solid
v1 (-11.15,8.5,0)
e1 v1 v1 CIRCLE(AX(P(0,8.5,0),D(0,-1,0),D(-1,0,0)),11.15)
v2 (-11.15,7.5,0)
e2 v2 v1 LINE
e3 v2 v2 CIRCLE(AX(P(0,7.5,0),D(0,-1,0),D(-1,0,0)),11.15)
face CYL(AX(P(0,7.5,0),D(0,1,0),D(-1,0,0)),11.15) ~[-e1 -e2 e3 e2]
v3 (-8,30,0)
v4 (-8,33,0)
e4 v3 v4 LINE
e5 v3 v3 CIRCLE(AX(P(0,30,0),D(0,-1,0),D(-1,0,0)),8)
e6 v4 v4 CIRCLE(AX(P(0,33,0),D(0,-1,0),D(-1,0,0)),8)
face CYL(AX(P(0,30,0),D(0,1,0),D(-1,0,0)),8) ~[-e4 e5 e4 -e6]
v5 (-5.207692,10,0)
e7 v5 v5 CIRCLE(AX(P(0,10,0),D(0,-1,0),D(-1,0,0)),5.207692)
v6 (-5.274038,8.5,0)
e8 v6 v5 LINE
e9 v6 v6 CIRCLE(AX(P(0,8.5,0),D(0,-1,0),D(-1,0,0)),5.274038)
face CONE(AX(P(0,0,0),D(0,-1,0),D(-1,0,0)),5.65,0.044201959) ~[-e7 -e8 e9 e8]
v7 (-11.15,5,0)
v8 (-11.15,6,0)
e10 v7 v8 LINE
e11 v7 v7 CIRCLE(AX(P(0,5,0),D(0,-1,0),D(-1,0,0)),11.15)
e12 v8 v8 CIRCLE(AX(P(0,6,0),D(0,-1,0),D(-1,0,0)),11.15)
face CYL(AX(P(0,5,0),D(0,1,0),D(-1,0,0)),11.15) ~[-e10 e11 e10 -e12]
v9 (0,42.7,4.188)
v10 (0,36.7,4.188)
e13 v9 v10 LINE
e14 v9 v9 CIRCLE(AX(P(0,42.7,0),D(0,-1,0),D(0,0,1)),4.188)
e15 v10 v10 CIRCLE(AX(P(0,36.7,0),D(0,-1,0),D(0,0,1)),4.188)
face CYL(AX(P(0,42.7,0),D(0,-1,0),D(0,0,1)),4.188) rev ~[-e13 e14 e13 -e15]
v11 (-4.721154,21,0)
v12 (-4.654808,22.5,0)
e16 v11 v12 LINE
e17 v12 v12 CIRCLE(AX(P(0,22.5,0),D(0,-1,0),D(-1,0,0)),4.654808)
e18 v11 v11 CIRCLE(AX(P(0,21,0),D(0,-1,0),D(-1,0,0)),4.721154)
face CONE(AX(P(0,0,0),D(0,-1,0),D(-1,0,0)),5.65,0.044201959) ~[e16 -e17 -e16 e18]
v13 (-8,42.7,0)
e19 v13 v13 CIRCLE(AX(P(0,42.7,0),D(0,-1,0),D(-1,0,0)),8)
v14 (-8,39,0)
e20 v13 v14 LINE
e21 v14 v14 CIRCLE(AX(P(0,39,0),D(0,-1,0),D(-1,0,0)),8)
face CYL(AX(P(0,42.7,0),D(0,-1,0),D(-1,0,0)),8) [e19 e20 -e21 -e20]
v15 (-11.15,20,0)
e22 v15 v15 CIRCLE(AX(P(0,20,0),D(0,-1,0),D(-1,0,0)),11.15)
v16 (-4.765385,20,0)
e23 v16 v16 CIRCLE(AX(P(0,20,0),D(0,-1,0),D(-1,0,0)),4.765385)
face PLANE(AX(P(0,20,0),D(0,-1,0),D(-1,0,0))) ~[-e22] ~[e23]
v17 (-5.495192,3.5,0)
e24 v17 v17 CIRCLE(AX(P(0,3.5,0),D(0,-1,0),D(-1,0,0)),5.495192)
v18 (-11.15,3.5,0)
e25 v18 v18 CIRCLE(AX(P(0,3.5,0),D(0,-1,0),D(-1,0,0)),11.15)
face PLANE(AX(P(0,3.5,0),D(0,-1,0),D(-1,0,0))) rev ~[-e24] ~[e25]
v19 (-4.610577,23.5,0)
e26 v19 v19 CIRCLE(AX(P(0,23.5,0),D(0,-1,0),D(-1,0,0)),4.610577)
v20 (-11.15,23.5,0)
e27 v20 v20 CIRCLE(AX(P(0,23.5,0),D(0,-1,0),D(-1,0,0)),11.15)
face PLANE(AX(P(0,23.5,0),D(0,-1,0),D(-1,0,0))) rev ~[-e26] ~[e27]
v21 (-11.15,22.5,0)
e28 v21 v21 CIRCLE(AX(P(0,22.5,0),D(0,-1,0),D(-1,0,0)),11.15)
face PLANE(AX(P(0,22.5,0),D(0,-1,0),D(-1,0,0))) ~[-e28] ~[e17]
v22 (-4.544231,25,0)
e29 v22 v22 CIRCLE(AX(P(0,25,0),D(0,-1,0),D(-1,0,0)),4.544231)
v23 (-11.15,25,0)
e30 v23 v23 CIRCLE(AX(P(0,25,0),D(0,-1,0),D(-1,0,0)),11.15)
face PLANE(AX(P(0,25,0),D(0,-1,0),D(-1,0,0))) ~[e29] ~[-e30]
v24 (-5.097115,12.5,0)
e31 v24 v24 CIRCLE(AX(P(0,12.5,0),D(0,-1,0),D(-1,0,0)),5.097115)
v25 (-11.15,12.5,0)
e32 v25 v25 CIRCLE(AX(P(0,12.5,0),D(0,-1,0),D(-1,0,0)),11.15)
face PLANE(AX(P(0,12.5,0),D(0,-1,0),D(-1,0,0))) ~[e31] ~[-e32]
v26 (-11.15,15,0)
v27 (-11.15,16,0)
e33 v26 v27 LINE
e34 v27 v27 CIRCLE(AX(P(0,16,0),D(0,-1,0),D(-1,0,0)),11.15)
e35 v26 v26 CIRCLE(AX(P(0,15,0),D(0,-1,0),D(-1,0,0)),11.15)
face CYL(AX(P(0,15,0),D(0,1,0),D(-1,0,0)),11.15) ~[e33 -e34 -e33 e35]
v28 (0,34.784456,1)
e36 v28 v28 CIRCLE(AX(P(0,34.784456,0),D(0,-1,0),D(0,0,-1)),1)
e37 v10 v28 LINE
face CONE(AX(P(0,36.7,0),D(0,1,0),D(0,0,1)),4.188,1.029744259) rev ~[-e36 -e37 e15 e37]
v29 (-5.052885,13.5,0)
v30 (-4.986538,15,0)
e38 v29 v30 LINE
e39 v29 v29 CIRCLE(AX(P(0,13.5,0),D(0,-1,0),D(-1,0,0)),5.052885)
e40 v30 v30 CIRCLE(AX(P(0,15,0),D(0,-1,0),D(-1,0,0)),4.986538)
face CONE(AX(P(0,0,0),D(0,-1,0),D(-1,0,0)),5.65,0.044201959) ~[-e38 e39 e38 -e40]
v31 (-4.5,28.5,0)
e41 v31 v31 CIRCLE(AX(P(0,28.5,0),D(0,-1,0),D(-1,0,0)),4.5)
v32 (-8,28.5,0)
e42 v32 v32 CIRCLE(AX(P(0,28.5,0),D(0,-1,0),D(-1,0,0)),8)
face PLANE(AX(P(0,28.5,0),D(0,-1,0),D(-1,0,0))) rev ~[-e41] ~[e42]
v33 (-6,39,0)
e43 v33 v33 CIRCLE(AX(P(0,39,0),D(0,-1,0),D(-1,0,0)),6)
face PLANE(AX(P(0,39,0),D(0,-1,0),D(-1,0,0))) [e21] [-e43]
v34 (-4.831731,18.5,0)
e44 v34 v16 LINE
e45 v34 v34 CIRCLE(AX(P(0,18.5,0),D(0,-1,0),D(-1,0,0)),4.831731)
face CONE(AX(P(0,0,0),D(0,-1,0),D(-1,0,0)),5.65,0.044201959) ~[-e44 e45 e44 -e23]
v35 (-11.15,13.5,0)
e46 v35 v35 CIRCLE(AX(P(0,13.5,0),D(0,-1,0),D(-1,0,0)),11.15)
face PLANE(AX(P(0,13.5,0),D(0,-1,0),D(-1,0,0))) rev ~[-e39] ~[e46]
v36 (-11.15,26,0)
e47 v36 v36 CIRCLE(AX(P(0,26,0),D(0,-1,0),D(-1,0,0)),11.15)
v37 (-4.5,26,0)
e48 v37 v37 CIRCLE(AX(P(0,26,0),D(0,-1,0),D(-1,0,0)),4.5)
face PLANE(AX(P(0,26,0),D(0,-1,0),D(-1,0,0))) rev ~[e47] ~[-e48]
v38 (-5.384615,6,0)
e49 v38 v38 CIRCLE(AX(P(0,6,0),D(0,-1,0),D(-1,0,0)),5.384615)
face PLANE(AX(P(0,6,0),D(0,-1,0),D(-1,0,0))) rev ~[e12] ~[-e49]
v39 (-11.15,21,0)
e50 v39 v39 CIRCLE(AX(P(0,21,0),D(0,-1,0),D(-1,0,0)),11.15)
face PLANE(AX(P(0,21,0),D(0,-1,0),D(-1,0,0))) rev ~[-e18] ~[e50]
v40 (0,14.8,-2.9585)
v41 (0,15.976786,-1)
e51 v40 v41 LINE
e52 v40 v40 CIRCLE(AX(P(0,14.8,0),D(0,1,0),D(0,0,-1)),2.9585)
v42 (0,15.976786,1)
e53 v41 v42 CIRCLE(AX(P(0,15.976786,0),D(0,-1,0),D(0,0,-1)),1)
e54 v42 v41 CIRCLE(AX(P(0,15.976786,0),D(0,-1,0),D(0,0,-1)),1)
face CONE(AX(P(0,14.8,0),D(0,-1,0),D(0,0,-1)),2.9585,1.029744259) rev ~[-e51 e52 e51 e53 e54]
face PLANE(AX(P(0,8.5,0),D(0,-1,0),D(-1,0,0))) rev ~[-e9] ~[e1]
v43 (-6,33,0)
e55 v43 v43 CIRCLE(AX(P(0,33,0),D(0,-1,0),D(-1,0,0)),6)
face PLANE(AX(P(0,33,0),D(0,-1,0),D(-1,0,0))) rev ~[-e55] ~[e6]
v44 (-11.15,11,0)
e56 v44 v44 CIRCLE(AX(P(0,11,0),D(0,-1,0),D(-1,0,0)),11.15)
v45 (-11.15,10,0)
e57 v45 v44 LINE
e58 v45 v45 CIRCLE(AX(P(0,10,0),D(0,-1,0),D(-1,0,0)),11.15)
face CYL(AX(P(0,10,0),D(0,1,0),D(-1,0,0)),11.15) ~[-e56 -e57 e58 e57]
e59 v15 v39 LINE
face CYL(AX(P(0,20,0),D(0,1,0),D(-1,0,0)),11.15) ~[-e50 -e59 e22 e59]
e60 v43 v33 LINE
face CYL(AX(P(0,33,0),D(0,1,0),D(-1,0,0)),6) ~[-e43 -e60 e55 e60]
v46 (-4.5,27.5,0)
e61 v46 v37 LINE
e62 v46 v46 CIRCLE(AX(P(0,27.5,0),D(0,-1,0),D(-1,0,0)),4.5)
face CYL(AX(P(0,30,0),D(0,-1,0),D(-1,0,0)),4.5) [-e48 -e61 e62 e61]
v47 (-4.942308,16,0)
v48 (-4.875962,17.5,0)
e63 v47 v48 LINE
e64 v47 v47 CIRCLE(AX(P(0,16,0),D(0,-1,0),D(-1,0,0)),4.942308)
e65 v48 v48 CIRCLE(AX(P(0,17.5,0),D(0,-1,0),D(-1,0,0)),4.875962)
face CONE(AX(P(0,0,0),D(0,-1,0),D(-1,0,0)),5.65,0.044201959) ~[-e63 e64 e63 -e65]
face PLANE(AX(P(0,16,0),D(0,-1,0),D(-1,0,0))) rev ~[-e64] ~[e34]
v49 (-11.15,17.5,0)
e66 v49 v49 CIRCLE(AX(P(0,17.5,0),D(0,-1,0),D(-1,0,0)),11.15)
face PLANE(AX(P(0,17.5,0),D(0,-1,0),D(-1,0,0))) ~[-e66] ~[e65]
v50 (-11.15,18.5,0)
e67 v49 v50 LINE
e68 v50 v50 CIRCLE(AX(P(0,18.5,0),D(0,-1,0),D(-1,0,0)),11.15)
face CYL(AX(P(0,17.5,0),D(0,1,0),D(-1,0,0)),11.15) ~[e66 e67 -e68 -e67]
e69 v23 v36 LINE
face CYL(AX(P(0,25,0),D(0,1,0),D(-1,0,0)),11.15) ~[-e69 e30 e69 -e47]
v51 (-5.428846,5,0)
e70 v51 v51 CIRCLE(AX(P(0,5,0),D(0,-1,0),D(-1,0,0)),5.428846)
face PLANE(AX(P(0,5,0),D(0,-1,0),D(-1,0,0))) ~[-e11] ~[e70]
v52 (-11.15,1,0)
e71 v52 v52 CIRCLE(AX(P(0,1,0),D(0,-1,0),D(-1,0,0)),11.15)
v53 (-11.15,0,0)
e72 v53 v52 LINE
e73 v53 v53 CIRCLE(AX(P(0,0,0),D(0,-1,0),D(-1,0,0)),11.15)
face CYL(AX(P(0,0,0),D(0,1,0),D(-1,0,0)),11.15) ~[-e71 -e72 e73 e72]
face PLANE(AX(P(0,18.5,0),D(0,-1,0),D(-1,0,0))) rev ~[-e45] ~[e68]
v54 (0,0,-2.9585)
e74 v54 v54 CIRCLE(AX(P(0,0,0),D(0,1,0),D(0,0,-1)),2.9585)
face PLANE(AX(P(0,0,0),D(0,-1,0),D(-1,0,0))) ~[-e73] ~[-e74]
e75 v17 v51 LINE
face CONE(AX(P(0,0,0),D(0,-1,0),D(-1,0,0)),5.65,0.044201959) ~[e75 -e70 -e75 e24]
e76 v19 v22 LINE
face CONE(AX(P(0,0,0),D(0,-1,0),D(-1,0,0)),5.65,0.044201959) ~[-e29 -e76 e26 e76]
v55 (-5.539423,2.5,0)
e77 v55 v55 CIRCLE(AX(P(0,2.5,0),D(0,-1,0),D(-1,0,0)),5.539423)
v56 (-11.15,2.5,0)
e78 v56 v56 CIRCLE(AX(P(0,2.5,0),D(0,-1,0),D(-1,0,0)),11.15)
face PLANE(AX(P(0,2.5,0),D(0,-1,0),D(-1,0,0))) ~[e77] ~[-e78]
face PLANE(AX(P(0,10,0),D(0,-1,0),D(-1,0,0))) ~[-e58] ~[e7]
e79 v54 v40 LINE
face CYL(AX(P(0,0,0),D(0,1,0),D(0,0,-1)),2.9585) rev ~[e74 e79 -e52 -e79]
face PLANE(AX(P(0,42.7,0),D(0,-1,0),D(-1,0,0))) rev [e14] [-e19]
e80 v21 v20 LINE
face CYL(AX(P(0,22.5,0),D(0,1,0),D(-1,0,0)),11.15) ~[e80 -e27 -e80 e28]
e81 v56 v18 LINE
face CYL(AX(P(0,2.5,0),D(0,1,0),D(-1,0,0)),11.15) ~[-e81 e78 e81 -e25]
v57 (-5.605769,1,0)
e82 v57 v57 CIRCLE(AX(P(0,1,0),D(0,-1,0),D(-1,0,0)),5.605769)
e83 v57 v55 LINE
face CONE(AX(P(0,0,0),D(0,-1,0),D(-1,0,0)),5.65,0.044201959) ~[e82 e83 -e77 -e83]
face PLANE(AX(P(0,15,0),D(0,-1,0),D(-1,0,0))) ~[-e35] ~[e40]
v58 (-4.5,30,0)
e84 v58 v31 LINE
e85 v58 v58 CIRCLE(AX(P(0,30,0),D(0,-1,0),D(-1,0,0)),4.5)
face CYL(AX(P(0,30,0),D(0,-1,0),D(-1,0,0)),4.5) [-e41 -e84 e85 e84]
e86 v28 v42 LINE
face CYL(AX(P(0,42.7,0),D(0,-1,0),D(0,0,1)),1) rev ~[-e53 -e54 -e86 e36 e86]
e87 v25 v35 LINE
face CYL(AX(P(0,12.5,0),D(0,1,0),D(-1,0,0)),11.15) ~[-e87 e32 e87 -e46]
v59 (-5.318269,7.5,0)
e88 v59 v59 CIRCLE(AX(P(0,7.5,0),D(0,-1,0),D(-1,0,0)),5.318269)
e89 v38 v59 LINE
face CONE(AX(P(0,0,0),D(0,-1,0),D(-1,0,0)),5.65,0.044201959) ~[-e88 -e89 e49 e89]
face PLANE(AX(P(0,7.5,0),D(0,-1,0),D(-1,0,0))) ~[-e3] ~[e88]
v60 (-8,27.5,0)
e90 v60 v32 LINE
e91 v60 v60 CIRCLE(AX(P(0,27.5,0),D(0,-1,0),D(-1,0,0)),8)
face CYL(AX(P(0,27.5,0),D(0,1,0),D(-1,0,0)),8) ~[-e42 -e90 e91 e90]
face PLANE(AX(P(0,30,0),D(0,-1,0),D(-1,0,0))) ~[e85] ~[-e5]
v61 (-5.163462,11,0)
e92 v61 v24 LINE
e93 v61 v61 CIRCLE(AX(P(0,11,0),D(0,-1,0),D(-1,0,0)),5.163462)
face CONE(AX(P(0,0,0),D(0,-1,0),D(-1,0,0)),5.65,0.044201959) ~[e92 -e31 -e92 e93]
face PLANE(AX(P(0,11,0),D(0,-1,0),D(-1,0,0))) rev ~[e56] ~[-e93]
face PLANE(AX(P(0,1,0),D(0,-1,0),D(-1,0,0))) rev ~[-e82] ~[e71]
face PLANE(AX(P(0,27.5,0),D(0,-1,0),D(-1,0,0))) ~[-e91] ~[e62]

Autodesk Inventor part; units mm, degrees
ref_plane "YZ Plane" through (0, 0, 0) normal (1, 0, 0) x (0, 1, 0)
ref_plane "XZ Plane" through (0, 0, 0) normal (0, 1, 0) x (-1, 0, 0)
ref_plane "XY Plane" through (0, 0, 0) normal (0, 0, 1) x (1, 0, 0)
sketch "草圖1" plane through (0, 0, 0) normal (0, 0, 1) x (1, 0, 0)
  line L0 (0, 0) -> (-11.15, 0)
  line L1 (-11.15, 0) -> (-11.15, 1)
  line L2 (-11.15, 1) -> (0, 1)
  line L3 (0, 1) -> (0, 0)
  line L4 (0, 2.5) -> (-11.15, 2.5)
  line L5 (-11.15, 2.5) -> (-11.15, 3.5)
  line L6 (-11.15, 3.5) -> (0, 3.5)
  line L7 (0, 3.5) -> (0, 2.5)
  line L8 (0, 5) -> (-11.15, 5)
  line L9 (-11.15, 5) -> (-11.15, 6)
  line L10 (-11.15, 6) -> (0, 6)
  line L11 (0, 6) -> (0, 5)
  line L12 (0, 7.5) -> (-11.15, 7.5)
  line L13 (-11.15, 7.5) -> (-11.15, 8.5)
  line L14 (-11.15, 8.5) -> (0, 8.5)
  line L15 (0, 8.5) -> (0, 7.5)
  line L16 (0, 10) -> (-11.15, 10)
  line L17 (-11.15, 10) -> (-11.15, 11)
  line L18 (-11.15, 11) -> (0, 11)
  line L19 (0, 11) -> (0, 10)
  line L20 (0, 12.5) -> (-11.15, 12.5)
  line L21 (-11.15, 12.5) -> (-11.15, 13.5)
  line L22 (-11.15, 13.5) -> (0, 13.5)
  line L23 (0, 13.5) -> (0, 12.5)
  line L24 (0, 15) -> (-11.15, 15)
  line L25 (-11.15, 15) -> (-11.15, 16)
  line L26 (-11.15, 16) -> (0, 16)
  line L27 (0, 16) -> (0, 15)
  line L28 (0, 17.5) -> (-11.15, 17.5)
  line L29 (-11.15, 17.5) -> (-11.15, 18.5)
  line L30 (-11.15, 18.5) -> (0, 18.5)
  line L31 (0, 18.5) -> (0, 17.5)
  line L32 (0, 20) -> (-11.15, 20)
  line L33 (-11.15, 20) -> (-11.15, 21)
  line L34 (-11.15, 21) -> (0, 21)
  line L35 (0, 21) -> (0, 20)
  line L36 (0, 22.5) -> (-11.15, 22.5)
  line L37 (-11.15, 22.5) -> (-11.15, 23.5)
  line L38 (-11.15, 23.5) -> (0, 23.5)
  line L39 (0, 23.5) -> (0, 22.5)
  line L40 (0, 25) -> (-11.15, 25)
  line L41 (-11.15, 25) -> (-11.15, 26)
  line L42 (-11.15, 26) -> (0, 26)
  line L43 (0, 26) -> (0, 25)
  line L44 (-5.65, 0) -> (-4.5, 26)
  line L45 (-4.5, 26) -> (0, 26)
  line L46 (0, 0) -> (-5.65, 0)
  line L47 (0, 26) -> (0, 0)
  line L48 (0, 42.7) -> (-8, 42.7)
  line L49 (-8, 42.7) -> (-8, 39)
  line L50 (-8, 39) -> (0, 39)
  line L51 (0, 39) -> (0, 42.7)
  line L52 (-8, 33) -> (0, 33)
  line L53 (0, 33) -> (0, 30)
  line L54 (0, 30) -> (-8, 30)
  line L55 (-8, 30) -> (-8, 33)
  line L56 (-6, 39) -> (0, 39)
  line L57 (0, 39) -> (0, 33)
  line L58 (0, 33) -> (-6, 33)
  line L59 (-6, 33) -> (-6, 39)
  line L60 (-8, 28.5) -> (0, 28.5)
  line L61 (0, 28.5) -> (0, 27.5)
  line L62 (0, 27.5) -> (-8, 27.5)
  line L63 (-8, 27.5) -> (-8, 28.5)
  line L64 (-4.5, 26) -> (0, 26)
  line L65 (0, 26) -> (0, 30)
  line L66 (0, 30) -> (-4.5, 30)
  line L67 (-4.5, 30) -> (-4.5, 26)
  dimension "d2" = 11.15
  dimension "d3" = 1
  dimension "d9" = 2.5
  dimension "d11" = 5.5
  dimension "d12" = 4.5
  dimension "d14" = 42.7
  dimension "d15" = 3.7
  dimension "d16" = 3
  dimension "d17" = 8
  dimension "d19" = 6
  dimension "d20" = 6
  dimension "d21" = 1
  dimension "d22" = 1.5
revolve "迴轉1" add sketch "草圖1" angle 360 about axis through (0, 26, 0) along (0, -1, 0)
sketch "草圖2" plane through (0, 0, 0) normal (0, -1, 0) x (1, 0, 0)
  circle A0 centre (0, 0) radius 11.15 projected
hole "孔1" at (0, 0, 0) direction (0, 1, 0) diameter 5.917 depth 14.8 tip angle 118 thread size "M7x1" class "6H" standard "ANSI Metric M Profile"
sketch "草圖3" plane through (0, 42.7, 0) normal (0, 1, 0) x (1, 0, 0)
  circle A0 centre (0, 0) radius 8 projected
hole "孔2" at (0, 42.7, 0) direction (0, -1, 0) diameter 2 end through all
sketch "草圖4" plane through (0, 42.7, 0) normal (0, 1, 0) x (1, 0, 0)
  circle A0 centre (0, 0) radius 8 projected
hole "孔3" at (0, 42.7, 0) direction (0, -1, 0) diameter 8.376 depth 6 tip angle 118 thread size "M10x1.5" class "6H" standard "ANSI Metric M Profile"
properties part number "e3d_v6_heatsink"
